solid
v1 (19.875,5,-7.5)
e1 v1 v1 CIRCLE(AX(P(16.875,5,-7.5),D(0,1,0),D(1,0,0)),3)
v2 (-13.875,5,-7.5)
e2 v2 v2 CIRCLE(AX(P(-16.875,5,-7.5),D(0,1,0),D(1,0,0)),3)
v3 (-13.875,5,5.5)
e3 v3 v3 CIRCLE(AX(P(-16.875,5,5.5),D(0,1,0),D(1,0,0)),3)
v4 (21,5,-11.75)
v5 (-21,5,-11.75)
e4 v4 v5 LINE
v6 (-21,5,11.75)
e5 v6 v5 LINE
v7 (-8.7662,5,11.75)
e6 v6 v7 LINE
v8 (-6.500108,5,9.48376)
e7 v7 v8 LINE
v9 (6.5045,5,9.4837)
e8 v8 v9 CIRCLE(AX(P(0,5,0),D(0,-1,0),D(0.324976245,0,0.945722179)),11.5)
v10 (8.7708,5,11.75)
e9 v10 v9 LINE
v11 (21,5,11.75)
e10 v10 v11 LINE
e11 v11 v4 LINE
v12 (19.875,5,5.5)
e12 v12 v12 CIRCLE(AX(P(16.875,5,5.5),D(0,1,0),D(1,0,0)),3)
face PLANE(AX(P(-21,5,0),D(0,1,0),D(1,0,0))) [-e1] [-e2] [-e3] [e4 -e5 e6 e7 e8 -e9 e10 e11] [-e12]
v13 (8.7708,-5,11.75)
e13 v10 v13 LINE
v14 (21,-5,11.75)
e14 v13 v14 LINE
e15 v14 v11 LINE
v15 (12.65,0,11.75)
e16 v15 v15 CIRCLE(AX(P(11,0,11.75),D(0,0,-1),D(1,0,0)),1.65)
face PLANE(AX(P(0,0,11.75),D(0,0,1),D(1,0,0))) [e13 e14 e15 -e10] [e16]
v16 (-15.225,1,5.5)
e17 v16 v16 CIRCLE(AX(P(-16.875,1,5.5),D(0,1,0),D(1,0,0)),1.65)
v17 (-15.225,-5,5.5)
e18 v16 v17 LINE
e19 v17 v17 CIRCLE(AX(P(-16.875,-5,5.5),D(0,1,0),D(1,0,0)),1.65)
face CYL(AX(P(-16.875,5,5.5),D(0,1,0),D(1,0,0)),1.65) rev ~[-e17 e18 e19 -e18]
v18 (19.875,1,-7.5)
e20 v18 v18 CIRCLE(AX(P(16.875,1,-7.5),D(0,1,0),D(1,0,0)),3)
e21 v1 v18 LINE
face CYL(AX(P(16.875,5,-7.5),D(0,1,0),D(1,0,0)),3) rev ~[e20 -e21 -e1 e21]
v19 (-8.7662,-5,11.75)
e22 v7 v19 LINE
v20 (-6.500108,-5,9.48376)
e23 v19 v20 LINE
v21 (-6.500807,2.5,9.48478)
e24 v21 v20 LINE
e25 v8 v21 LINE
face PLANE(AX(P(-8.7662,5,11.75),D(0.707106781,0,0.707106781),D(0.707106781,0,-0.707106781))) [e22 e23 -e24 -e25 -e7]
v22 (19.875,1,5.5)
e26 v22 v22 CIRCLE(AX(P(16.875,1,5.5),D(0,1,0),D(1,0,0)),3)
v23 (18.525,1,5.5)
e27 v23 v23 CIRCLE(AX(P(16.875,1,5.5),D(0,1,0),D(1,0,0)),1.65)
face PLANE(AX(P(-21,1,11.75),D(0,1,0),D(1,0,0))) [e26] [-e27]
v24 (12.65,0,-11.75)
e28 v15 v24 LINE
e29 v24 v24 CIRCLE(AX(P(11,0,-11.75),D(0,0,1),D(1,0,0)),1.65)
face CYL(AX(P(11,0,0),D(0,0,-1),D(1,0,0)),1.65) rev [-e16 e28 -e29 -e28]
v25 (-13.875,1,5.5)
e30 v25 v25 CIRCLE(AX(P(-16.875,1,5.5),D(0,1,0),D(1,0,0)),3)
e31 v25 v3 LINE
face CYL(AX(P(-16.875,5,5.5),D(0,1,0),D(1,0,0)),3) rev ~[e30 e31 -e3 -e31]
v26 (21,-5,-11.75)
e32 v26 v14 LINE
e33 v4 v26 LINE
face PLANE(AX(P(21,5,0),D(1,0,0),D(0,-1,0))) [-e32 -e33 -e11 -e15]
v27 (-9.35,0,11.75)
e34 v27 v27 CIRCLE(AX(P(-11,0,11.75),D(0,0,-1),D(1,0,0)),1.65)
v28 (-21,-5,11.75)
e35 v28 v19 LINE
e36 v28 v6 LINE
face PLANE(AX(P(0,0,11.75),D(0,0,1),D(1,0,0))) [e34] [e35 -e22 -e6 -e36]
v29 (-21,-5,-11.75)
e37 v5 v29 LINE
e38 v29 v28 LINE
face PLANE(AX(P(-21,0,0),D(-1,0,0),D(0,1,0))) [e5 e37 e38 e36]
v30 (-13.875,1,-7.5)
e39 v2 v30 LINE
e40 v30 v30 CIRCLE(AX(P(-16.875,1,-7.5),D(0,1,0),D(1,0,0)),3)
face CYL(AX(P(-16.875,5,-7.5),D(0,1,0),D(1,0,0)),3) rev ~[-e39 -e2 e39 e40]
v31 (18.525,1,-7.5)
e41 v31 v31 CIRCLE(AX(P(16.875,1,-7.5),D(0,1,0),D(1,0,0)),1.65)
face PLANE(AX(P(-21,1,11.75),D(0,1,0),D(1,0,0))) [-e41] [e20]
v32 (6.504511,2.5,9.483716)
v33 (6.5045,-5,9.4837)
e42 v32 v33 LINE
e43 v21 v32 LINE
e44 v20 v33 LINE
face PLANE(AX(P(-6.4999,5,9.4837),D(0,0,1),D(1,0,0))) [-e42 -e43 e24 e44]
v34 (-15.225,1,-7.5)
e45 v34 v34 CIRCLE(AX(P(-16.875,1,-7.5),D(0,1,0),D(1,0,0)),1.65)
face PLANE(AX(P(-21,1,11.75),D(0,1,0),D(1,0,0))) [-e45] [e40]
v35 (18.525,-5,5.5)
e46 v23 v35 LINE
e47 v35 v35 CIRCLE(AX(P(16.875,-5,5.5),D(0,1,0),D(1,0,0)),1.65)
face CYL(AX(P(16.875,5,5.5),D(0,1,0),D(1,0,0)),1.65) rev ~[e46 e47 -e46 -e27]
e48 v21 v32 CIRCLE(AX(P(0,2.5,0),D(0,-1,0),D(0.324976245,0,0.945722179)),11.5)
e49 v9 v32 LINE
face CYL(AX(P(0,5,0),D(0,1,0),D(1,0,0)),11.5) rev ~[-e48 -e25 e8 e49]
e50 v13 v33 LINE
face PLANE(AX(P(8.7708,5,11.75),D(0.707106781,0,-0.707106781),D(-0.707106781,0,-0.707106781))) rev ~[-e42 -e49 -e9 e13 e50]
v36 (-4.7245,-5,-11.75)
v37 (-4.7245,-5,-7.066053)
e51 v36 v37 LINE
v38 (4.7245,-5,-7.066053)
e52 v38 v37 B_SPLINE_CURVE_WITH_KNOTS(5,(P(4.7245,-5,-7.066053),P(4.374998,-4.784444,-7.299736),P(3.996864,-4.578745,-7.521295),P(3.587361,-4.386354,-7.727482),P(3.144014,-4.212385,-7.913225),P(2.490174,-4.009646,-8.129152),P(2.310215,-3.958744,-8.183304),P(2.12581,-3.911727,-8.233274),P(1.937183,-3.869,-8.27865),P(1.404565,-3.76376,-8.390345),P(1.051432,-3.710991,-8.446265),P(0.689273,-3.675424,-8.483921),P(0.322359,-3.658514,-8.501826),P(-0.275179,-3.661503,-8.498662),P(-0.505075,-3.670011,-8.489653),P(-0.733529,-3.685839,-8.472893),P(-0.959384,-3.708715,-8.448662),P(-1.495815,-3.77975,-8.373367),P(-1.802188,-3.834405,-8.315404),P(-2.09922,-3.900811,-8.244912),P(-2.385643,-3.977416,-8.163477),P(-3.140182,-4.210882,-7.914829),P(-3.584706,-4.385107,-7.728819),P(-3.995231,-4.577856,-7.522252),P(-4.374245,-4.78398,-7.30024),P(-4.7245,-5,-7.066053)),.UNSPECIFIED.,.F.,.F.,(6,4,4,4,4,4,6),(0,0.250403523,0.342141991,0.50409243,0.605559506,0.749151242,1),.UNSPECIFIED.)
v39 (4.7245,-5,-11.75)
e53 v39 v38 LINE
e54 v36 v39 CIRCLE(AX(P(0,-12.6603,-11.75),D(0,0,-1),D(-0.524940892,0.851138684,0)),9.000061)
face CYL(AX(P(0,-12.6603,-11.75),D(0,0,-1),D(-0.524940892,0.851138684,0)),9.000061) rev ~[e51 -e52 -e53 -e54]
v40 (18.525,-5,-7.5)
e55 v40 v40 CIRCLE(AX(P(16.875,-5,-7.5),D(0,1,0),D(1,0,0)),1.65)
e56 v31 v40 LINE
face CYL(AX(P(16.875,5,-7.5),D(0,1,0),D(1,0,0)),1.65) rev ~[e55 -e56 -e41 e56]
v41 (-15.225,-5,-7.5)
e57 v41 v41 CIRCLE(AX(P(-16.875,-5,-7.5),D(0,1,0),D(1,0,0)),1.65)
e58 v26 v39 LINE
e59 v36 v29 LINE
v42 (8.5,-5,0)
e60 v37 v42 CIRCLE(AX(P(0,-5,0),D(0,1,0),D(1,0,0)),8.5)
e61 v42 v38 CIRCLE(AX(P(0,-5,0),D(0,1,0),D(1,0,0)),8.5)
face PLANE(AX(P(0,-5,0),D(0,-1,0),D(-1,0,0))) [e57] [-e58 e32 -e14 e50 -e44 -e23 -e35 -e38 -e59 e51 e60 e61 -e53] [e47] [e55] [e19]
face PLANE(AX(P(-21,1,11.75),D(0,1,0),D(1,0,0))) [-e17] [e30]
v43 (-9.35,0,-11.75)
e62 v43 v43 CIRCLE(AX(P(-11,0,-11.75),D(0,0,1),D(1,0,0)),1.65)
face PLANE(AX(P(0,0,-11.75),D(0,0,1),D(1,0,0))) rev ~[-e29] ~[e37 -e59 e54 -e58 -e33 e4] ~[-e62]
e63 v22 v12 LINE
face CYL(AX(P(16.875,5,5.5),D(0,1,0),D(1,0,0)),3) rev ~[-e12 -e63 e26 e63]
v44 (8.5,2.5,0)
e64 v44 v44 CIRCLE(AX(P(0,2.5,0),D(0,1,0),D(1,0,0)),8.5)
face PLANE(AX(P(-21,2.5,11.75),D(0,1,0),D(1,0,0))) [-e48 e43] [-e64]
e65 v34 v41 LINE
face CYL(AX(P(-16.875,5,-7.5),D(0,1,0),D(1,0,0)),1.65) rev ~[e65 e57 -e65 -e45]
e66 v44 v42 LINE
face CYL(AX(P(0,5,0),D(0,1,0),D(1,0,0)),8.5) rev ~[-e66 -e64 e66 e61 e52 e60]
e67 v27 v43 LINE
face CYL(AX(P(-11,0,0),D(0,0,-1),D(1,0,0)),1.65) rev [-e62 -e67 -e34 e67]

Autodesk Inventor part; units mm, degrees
ref_plane "YZ Plane" through (0, 0, 0) normal (1, 0, 0) x (0, 1, 0)
ref_plane "XZ Plane" through (0, 0, 0) normal (0, 1, 0) x (-1, 0, 0)
ref_plane "XY Plane" through (0, 0, 0) normal (0, 0, 1) x (1, 0, 0)
sketch "草圖4" plane through (0, 0, 0) normal (0, 0, 1) x (1, 0, 0)
  line L0 (-29.4, 0) -> (29.4, 0) projected
  line L1 (0, -7) -> (0, 7) projected
  line L2 (-21, 5) -> (21, 5)
  line L3 (21, 5) -> (21, -5)
  line L4 (21, -5) -> (-21, -5)
  line L5 (-21, -5) -> (-21, 5)
  circle A0 centre (-11, 0) radius 1.65
  circle A1 centre (11, 0) radius 1.65
  point P0 (0, 0)
  dimension "d20" = 42
  dimension "d21" = 10
  dimension "d22" = 3.3
  dimension "d23" = 3.3
  dimension "d24" = 10
  dimension "d25" = 10
extrude "擠出3" add sketch "草圖4" along normal mid plane 23.5 contours L5 L2 L1 L0 A0 | L0 A0 L1 L4 L5 | L1 L0 A1 L3 L4 | L2 L3 L0 A1 L1
sketch "草圖5" plane through (-21, 5, 11.75) normal (0, 1, 0) x (1, 0, 0)
  line L0 (0, 0) -> (0, 23.5) projected
  line L1 (42, 0) -> (0, 0) projected
  line L2 (42, 23.5) -> (42, 0) projected
  line L3 (0, 23.5) -> (42, 23.5) projected
  circle A0 centre (21, 11.75) radius 8.5
  circle A1 centre (4.125, 19.25) radius 1.65
  circle A2 centre (4.125, 6.25) radius 1.65
  line L4 (42, 23.5) -> (0, 23.5) projected
  line L5 (21, 23.5) -> (21, 25.0136)
  circle A3 centre (37.875, 19.25) radius 1.65
  circle A4 centre (37.875, 6.25) radius 1.65
  circle A5 centre (4.125, 19.25) radius 3
  circle A6 centre (4.125, 6.25) radius 3
  circle A7 centre (37.875, 19.25) radius 3
  circle A8 centre (37.875, 6.25) radius 3
  dimension "d28" = 17
  dimension "d31" = 3.3
  dimension "d32" = 3.3
  dimension "d33" = 4.125
  dimension "d34" = 4.25
  dimension "d35" = 6.25
  dimension "d36" = 4.125
  dimension "d37" = 6
  dimension "d38" = 6
extrude "擠出4" cut sketch "草圖5" against normal up to surface (10 mm away) contours A0 | A1 | A2 | A3 | A4
extrude "擠出5" cut sketch "草圖5" against normal blind 4 contours A5 | A6 | A7 | A8
sketch "草圖7" plane through (0, 0, -11.75) normal (0, 0, -1) x (-1, 0, 0)
  circle A0 centre (11, 0) radius 2.75 projected
  circle A1 centre (-11, 0) radius 2.75 projected
  arc A2 (5, -4) -> (-5, -4) centre (0, -12.6603) ccw projected
  line L0 (18.5, -4) -> (5, -4) projected
  line L1 (18.5, -4) -> (18.5, 4) projected
  line L2 (18.5, 4) -> (-18.5, 4) projected
  line L3 (-18.5, 4) -> (-18.5, -4) projected
  line L4 (-5, -4) -> (-18.5, -4) projected
  line L5 (21, -5) -> (21, 5) projected
  line L6 (21, 5) -> (-21, 5) projected
  line L7 (-21, 5) -> (-21, -5) projected
  line L8 (-21, -5) -> (21, -5) projected
  circle A3 centre (-11, 0) radius 1.65 projected
  circle A4 centre (11, 0) radius 1.65 projected
  arc A5 (4.7245, -5) -> (-4.7245, -5) centre (0, -12.6603) ccw
  line L9 (4.7245, -5) -> (19.5, -5)
  line L10 (19.5, -5) -> (19.5, 5)
  line L11 (19.5, 5) -> (-19.5, 5)
  line L12 (-19.5, 5) -> (-19.5, -5)
  line L13 (-19.5, -5) -> (-4.7245, -5)
  point P0 (0, 0)
  point P1 (-5, -4)
  point P2 (5, -4)
  point P3 (-4.7245, -5)
extrude "擠出7" cut sketch "草圖7" against normal blind 8.65 contours L8 A5
sketch "草圖8" plane through (-21, 5, 11.75) normal (0, 1, 0) x (1, 0, 0)
  circle A0 centre (37.875, 6.25) radius 3 projected
  circle A1 centre (4.125, 6.25) radius 3 projected
  circle A2 centre (21, 11.75) radius 8.5 projected
  line L0 (0, 0) -> (0, 23.5) projected
  line L1 (42, 0) -> (0, 0) projected
  line L2 (42, 23.5) -> (42, 0) projected
  circle A3 centre (21, 11.75) radius 11.5
  line L3 (0, 23.5) -> (42, 23.5) projected
  dimension "d45" = 23
extrude "擠出8" cut sketch "草圖8" against normal blind 2.5 contours A0 | A1 | A2 | A3
sketch "草圖10" plane through (-21, 5, 11.75) normal (0, 1, 0) x (1, 0, 0)
  circle A0 centre (26.5805, -1.1666) radius 1.5 projected
  circle A1 centre (26.5805, -1.1666) radius 2.75
  point P0 (21, 11.75)
  dimension "d55" = 5.5
extrude "擠出10" cut sketch "草圖10" against normal up to surface (10 mm away) contours A0 | A1
sketch "草圖11" plane through (-21, 5, -11.75) normal (0, 1, 0) x (1, 0, 0)
  circle A0 centre (15.3833, -24.75) radius 1.5
  circle A1 centre (15.3833, -24.75) radius 2.75
  point P0 (21, -11.75)
  dimension "d58" = 5.5
extrude "擠出11" cut sketch "草圖11" against normal up to surface (10 mm away) contours A0 | A1
sketch "草圖12" plane through (-21, 5, -11.75) normal (0, 1, 0) x (1, 0, 0)
  arc A0 (15.8732, -22.044) -> (12.9338, -23.5) centre (15.3833, -24.75) ccw projected
  arc A1 (26.3579, -21.9256) -> (15.8732, -22.044) centre (21, -11.75) ccw projected
  arc A2 (29.0708, -23.5) -> (26.3579, -21.9256) centre (26.5805, -24.6666) ccw projected
  line L0 (42, -23.5) -> (29.0708, -23.5) projected
  line L1 (42, 0) -> (42, -23.5) projected
  line L2 (0, 0) -> (42, 0) projected
  line L3 (0, -23.5) -> (0, 0) projected
  line L4 (12.9338, -23.5) -> (0, -23.5) projected
  circle A3 centre (37.875, -17.25) radius 3 projected
  circle A4 centre (4.125, -17.25) radius 3 projected
  circle A5 centre (37.875, -4.25) radius 3 projected
  circle A6 centre (4.125, -4.25) radius 3 projected
  line L5 (42, -23.5) -> (29.0708, -23.5) projected
  line L6 (29.7708, -23.5) -> (12.2338, -23.5)
  line L7 (12.2338, -23.5) -> (12.2338, -21.2337)
  line L8 (12.2338, -21.2337) -> (29.7708, -21.2337)
  line L9 (29.7708, -21.2337) -> (29.7708, -23.5)
  line L10 (29.7708, -23.5) -> (27.5045, -21.2337)
  line L11 (29.7708, -23.5) -> (32.9758, -23.5) construction
  line L12 (12.2338, -23.5) -> (14.5001, -21.2337)
  line L13 (12.2338, -23.5) -> (15.4388, -23.5) construction
  arc A7 (26.3579, -21.9256) -> (15.8732, -22.044) centre (21, -11.75) ccw projected
  point P0 (12.9338, -23.5)
  dimension "d62" = 0.7
  dimension "d63" = 0.7
  dimension "d64" = 135
  dimension "d65" = 45
extrude "擠出12" cut sketch "草圖12" against normal up to surface (10 mm away) contours A1 L8 A2 L6 A0 | A0 L4 L12 A1 | A2 A1 L10 L0
properties part number "y_motor_lock_top2_3D 列印"
